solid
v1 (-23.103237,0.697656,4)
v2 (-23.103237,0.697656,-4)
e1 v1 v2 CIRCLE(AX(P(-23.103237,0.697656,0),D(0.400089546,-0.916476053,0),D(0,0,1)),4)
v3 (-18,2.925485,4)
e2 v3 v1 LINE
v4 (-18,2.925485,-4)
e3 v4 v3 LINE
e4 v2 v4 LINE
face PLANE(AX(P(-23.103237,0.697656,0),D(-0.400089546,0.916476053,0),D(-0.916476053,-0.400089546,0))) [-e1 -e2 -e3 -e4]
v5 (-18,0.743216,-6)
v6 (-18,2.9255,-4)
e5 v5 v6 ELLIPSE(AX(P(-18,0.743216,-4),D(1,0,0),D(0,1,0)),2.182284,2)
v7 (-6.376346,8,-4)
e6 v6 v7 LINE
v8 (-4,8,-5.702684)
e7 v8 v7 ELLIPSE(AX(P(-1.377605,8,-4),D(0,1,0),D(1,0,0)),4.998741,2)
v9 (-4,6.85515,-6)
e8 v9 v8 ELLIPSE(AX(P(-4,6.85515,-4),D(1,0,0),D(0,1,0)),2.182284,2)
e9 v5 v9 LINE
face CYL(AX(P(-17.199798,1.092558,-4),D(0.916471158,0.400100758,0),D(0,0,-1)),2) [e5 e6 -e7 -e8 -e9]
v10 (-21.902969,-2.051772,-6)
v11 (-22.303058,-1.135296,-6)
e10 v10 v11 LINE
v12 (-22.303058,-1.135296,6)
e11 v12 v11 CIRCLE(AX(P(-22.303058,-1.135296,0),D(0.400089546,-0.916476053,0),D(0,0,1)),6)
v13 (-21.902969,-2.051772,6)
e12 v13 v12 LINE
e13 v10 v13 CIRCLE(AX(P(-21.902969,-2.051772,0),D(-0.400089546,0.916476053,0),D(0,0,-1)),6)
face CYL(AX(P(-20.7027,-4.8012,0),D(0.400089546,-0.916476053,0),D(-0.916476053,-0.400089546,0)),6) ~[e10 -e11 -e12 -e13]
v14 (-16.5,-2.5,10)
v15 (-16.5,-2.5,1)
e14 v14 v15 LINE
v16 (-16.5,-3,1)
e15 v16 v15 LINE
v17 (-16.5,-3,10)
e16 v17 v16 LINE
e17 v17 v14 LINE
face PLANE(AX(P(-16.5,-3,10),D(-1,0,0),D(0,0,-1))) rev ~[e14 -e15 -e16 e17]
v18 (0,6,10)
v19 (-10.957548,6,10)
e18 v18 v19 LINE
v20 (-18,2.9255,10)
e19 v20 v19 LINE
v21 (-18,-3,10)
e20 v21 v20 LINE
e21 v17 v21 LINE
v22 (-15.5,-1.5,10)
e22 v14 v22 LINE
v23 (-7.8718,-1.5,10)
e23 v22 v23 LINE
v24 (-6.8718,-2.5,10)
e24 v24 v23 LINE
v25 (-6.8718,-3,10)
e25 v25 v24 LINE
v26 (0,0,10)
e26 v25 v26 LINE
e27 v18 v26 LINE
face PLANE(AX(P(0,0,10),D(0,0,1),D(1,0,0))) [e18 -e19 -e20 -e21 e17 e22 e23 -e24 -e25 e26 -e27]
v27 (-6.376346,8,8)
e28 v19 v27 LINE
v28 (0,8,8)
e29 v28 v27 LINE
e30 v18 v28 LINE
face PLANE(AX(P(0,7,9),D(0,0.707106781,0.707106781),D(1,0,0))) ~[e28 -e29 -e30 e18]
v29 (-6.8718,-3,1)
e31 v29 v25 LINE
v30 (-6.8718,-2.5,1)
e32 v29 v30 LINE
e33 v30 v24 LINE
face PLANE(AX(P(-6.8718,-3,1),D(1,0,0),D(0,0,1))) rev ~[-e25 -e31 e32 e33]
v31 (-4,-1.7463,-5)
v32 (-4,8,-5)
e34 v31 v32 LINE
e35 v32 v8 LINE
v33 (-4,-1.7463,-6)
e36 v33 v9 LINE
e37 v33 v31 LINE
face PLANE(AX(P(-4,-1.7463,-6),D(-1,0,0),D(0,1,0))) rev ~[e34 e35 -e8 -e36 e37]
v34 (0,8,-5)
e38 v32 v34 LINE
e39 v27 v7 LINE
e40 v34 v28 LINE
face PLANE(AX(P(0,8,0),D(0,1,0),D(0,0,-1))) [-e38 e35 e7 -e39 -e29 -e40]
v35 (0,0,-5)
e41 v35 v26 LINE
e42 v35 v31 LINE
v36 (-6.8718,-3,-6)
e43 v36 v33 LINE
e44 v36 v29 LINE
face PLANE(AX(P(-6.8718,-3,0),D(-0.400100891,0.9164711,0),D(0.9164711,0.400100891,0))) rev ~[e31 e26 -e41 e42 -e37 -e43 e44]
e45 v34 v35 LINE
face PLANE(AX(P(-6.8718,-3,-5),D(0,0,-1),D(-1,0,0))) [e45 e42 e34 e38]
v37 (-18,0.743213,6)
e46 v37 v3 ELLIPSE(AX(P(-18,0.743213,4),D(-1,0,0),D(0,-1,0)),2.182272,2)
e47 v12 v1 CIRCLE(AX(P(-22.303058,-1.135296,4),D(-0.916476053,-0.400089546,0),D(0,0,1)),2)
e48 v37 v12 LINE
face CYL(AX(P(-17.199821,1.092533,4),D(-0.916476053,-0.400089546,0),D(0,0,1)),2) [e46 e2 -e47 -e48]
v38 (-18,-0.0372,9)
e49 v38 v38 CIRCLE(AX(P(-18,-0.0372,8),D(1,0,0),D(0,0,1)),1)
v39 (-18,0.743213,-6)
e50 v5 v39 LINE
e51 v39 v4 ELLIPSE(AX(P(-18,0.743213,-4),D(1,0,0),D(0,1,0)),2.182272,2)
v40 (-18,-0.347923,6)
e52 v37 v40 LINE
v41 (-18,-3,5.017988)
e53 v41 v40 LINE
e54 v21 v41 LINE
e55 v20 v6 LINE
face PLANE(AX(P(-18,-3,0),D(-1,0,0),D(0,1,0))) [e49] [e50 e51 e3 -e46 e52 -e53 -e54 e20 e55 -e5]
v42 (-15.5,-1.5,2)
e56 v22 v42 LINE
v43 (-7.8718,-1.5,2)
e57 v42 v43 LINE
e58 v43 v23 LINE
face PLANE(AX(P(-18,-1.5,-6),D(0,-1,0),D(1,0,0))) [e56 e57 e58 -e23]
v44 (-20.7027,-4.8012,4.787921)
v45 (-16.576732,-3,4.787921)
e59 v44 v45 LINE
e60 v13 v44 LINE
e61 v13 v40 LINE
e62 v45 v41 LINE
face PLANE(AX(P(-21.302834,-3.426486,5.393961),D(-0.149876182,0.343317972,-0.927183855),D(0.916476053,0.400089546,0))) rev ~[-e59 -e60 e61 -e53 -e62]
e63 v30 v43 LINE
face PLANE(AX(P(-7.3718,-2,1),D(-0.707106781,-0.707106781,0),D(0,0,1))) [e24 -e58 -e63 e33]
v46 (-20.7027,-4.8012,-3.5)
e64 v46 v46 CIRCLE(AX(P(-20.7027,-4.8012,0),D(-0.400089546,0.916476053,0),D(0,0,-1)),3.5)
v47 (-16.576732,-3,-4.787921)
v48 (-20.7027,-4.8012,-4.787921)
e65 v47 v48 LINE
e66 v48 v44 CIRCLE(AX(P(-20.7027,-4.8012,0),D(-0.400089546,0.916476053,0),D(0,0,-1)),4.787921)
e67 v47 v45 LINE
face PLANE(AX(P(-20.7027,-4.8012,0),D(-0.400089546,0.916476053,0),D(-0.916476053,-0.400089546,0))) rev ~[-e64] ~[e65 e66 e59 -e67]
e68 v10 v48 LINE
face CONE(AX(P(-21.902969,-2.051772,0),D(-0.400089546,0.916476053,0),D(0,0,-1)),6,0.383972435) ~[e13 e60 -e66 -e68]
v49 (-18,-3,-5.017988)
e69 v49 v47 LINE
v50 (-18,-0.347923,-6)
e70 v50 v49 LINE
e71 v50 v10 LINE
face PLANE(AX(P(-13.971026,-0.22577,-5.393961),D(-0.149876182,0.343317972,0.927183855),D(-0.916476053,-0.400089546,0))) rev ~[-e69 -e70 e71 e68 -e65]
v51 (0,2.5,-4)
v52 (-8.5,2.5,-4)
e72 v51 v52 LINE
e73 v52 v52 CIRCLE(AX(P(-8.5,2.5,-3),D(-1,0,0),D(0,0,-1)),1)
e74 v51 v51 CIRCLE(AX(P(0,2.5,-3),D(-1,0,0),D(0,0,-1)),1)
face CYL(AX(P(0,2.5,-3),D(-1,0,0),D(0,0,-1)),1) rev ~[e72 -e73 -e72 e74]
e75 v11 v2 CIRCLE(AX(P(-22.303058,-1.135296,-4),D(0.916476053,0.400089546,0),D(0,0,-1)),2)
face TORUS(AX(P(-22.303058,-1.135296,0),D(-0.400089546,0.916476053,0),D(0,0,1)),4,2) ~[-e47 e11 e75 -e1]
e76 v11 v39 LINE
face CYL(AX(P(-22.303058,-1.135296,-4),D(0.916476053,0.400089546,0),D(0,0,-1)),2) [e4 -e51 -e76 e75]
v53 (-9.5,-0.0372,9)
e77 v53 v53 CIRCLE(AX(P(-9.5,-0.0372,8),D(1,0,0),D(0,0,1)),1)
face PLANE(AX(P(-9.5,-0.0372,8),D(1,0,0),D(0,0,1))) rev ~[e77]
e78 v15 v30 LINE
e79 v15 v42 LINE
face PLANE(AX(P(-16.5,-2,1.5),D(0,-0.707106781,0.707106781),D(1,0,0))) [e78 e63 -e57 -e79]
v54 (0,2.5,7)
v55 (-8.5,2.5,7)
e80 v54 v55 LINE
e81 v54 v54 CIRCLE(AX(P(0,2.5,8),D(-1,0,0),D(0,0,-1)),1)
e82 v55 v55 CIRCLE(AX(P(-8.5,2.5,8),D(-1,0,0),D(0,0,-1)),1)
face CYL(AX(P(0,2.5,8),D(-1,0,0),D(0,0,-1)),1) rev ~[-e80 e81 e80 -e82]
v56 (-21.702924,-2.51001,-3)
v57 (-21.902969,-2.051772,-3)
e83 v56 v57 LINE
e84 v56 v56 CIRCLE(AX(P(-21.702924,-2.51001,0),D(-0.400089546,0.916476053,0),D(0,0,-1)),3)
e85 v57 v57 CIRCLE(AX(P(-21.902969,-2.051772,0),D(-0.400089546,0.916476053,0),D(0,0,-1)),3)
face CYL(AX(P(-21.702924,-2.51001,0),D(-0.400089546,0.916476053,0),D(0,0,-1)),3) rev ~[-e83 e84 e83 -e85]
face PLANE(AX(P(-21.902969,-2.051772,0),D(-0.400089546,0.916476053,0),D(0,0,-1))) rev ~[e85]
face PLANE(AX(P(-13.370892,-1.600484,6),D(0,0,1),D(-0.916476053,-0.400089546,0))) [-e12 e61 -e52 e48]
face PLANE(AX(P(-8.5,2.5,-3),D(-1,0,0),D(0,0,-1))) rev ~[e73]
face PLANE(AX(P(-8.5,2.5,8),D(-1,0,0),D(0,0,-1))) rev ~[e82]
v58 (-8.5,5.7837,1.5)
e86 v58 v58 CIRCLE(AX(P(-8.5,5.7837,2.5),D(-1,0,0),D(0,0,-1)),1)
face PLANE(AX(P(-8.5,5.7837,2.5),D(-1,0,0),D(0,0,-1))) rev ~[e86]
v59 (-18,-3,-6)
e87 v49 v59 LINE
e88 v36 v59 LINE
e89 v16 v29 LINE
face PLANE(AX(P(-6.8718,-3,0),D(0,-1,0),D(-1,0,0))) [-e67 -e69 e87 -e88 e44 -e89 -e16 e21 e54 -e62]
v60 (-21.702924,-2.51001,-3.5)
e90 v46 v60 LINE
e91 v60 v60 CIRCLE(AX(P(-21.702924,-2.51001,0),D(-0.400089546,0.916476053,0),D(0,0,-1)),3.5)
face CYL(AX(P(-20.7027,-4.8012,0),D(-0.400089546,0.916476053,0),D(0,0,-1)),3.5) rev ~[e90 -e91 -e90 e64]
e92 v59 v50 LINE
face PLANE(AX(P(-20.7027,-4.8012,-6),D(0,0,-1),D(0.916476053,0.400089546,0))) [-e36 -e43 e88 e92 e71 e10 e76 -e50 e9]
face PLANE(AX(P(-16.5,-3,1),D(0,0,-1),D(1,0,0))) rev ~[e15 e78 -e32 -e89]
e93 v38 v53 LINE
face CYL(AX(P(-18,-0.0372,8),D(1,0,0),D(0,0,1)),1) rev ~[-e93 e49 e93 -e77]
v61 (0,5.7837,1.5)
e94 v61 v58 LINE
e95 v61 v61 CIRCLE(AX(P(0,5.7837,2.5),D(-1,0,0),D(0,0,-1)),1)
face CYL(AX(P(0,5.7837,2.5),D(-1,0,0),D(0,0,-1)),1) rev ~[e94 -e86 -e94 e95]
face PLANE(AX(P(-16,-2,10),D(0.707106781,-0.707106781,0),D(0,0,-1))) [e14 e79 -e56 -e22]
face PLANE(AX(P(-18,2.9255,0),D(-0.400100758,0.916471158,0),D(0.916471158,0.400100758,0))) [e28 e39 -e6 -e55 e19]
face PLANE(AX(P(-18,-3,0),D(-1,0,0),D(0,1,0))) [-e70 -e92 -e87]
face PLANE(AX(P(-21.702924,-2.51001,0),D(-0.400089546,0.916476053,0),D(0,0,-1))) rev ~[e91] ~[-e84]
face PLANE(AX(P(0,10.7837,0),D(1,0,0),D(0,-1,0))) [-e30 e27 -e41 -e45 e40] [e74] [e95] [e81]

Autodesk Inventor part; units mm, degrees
ref_plane "YZ Plane" through (0, 0, 0) normal (1, 0, 0) x (0, 1, 0)
sketch "Sketch1" plane through (0, 0, 0) normal (0, 0, 1) x (1, 0, 0)
  line L0 (0, 0) -> (-18, 0) construction
  line L1 (-9.705, 0) -> (-20.7027, -4.8012) construction
  line L2 (-20.7027, -4.8012) -> (-21.1028, -3.8847) construction
  dimension "d0" = 18
  dimension "d1" = 9.705
  dimension "d2" = 23.584
  dimension "d3" = 1
  dimension "d4" = 12
ref_plane "Work Plane1" through (-20.7027, -4.8012, 0) normal (-0.4001, 0.9165, 0) x (-0.9165, -0.4001, 0)
sketch "Sketch3" plane through (-20.7027, -4.8012, 0) normal (-0.4001, 0.9165, 0) x (-0.9165, -0.4001, 0)
  circle A0 centre (0, 0) radius 6
  line L0 (0, -6) -> (-8, -6)
  line L1 (-8, -6) -> (-8, 6)
  line L2 (-8, 6) -> (0, 6)
  line L3 (0, 6) -> (0, -6)
  point P0 (-20.8944, 0)
  point P1 (0, 0)
  dimension "d8" = 12
  dimension "d13" = 8
extrude "Extrusion2" add sketch "Sketch3" along normal blind 6
chamfer "Chamfer2" distance 3 angle 22 3 edges at (-26.2015, -7.2018, 0) (-17.0368, -3.2008, -6) (-17.0368, -3.2008, 6) measured on face at (-26.265, -5.0472, -3) measured on face at (-16.615, -0.8344, 6) measured on face at (-19.0589, -1.9013, -6)
sketch "Sketch2" plane through (0, 0, 0) normal (0, 0, 1) x (1, 0, 0)
  line L0 (-6.8718, -3) -> (-18, -3)
  line L1 (-18, -3) -> (-18, 2.9255)
  line L2 (-18, 2.9255) -> (0, 10.7837)
  line L3 (0, 10.7837) -> (0, 0)
  line L4 (-9.705, 0) -> (-20.7027, -4.8012) construction
  line L5 (-6.8718, -3) -> (0, 0)
  point P0 (0, 0)
  point P1 (-18, 0)
  point P2 (0, 0)
  dimension "d12" = 3
  dimension "d22" = 3
  dimension "d38" = 6
extrude "Extrusion1" add sketch "Sketch2" along normal blind 10 and the other way blind 6
sketch "Sketch5" plane through (-20.7027, -4.8012, 0) normal (0.4001, -0.9165, 0) x (0.9165, 0.4001, 0)
  point P0 (20.8944, 0)
  point P1 (0, 0)
hole "CMC bearing" at (-20.7027, -4.8012, 0) direction (-0.4001, 0.9165, 0) diameter 6 depth 3 counterbore diameter 7 counterbore depth 2.5
sketch "Sketch6" plane through (-18, -3, 10) normal (-1, 0, 0) x (0, 0, 1)
  line L0 (0, 5.9255) -> (0, 0) projected
  line L1 (0, 5.9255) -> (-4, 5.9255) projected
  line L2 (0, 0) -> (-4.982, 0) projected
  line L3 (-2, 5.9255) -> (-2, 0) construction
  point P0 (-10, 3)
  point P1 (-2, 2.9628)
hole "top mount" at (-18, -0.0372, 8) direction (1, 0, 0) diameter 2 depth 8.5
sketch "Sketch8" plane through (-6.8718, -3, -6) normal (0, 0, -1) x (-1, 0, 0)
  line L0 (-6.8718, 3) -> (0, 0) projected
  line L1 (-6.8718, 13.7837) -> (-6.8718, 3) projected
  line L2 (16.2314, 3.6976) -> (-6.8718, 13.7837) projected
  line L3 (-2.8718, 1.2537) -> (-2.8718, 12.0374)
  dimension "d56" = 4
extrude "Extrusion3" cut sketch "Sketch8" against normal blind 1
sketch "Sketch7" plane through (0, 0, 10) normal (1, 0, 0) x (0, 0, -1)
  line L0 (0, 10.7837) -> (15, 10.7837) projected
  line L1 (0, 0) -> (0, 10.7837) projected
  line L2 (0, 0) -> (15, 0) projected
  line L3 (7.5, 0) -> (7.5, 10.7837) construction
  line L4 (15, 0) -> (15, 10.7837) projected
  point P0 (10, 0)
  point P1 (2, 2.5)
  point P2 (13, 2.5)
  point P3 (7.5, 5.7837)
  dimension "d46" = 5
  dimension "d47" = 11
  dimension "d48" = 2.5
hole "bottom mount" at (0, 2.5, 8) at (0, 5.7837, 2.5) at (0, 2.5, -3) direction (-1, 0, 0) diameter 2 depth 8.5
sketch "Sketch9" plane through (-18, -3, -6) normal (0, -1, 0) x (1, 0, 0)
  line L0 (0, 16) -> (11.1282, 16) projected
  line L1 (11.1282, 16) -> (1.5, 16)
  line L2 (1.5, 16) -> (1.5, 7)
  line L3 (1.5, 7) -> (11.1282, 7)
  line L4 (11.1282, 7) -> (11.1282, 16)
  point P0 (18, 6)
  dimension "d59" = 9
  dimension "d60" = 1.5
extrude "Extrusion4" cut sketch "Sketch9" against normal blind 1.5
chamfer "Chamfer3" distance 1 angle 45 3 edges at (-16.5, -1.5, 5.5) (-6.8718, -1.5, 5.5) (-11.6859, -1.5, 1)
ref_plane "Work Plane2" through (0, 8, 0) normal (0, 1, 0) x (-1, 0, 0)
split "Split1" plane through (0, 8, 0) removes the side toward (0, 1, 0)
chamfer "Chamfer4" distance 2 angle 45 1 edges at (-3.1882, 8, 10)
fillet "Fillet1" radius 2 3 edges at (-20.5516, 1.8116, 6) (-14.7398, 4.3488, -6) (-28.6021, -1.7029, 0)
equation "\"d2\" = thumb_axis_beta_local"
equation "\"thumb_axis_beta_local\" = thumb_axis_beta"
properties part number "thumb_03 CMC top hinge"
